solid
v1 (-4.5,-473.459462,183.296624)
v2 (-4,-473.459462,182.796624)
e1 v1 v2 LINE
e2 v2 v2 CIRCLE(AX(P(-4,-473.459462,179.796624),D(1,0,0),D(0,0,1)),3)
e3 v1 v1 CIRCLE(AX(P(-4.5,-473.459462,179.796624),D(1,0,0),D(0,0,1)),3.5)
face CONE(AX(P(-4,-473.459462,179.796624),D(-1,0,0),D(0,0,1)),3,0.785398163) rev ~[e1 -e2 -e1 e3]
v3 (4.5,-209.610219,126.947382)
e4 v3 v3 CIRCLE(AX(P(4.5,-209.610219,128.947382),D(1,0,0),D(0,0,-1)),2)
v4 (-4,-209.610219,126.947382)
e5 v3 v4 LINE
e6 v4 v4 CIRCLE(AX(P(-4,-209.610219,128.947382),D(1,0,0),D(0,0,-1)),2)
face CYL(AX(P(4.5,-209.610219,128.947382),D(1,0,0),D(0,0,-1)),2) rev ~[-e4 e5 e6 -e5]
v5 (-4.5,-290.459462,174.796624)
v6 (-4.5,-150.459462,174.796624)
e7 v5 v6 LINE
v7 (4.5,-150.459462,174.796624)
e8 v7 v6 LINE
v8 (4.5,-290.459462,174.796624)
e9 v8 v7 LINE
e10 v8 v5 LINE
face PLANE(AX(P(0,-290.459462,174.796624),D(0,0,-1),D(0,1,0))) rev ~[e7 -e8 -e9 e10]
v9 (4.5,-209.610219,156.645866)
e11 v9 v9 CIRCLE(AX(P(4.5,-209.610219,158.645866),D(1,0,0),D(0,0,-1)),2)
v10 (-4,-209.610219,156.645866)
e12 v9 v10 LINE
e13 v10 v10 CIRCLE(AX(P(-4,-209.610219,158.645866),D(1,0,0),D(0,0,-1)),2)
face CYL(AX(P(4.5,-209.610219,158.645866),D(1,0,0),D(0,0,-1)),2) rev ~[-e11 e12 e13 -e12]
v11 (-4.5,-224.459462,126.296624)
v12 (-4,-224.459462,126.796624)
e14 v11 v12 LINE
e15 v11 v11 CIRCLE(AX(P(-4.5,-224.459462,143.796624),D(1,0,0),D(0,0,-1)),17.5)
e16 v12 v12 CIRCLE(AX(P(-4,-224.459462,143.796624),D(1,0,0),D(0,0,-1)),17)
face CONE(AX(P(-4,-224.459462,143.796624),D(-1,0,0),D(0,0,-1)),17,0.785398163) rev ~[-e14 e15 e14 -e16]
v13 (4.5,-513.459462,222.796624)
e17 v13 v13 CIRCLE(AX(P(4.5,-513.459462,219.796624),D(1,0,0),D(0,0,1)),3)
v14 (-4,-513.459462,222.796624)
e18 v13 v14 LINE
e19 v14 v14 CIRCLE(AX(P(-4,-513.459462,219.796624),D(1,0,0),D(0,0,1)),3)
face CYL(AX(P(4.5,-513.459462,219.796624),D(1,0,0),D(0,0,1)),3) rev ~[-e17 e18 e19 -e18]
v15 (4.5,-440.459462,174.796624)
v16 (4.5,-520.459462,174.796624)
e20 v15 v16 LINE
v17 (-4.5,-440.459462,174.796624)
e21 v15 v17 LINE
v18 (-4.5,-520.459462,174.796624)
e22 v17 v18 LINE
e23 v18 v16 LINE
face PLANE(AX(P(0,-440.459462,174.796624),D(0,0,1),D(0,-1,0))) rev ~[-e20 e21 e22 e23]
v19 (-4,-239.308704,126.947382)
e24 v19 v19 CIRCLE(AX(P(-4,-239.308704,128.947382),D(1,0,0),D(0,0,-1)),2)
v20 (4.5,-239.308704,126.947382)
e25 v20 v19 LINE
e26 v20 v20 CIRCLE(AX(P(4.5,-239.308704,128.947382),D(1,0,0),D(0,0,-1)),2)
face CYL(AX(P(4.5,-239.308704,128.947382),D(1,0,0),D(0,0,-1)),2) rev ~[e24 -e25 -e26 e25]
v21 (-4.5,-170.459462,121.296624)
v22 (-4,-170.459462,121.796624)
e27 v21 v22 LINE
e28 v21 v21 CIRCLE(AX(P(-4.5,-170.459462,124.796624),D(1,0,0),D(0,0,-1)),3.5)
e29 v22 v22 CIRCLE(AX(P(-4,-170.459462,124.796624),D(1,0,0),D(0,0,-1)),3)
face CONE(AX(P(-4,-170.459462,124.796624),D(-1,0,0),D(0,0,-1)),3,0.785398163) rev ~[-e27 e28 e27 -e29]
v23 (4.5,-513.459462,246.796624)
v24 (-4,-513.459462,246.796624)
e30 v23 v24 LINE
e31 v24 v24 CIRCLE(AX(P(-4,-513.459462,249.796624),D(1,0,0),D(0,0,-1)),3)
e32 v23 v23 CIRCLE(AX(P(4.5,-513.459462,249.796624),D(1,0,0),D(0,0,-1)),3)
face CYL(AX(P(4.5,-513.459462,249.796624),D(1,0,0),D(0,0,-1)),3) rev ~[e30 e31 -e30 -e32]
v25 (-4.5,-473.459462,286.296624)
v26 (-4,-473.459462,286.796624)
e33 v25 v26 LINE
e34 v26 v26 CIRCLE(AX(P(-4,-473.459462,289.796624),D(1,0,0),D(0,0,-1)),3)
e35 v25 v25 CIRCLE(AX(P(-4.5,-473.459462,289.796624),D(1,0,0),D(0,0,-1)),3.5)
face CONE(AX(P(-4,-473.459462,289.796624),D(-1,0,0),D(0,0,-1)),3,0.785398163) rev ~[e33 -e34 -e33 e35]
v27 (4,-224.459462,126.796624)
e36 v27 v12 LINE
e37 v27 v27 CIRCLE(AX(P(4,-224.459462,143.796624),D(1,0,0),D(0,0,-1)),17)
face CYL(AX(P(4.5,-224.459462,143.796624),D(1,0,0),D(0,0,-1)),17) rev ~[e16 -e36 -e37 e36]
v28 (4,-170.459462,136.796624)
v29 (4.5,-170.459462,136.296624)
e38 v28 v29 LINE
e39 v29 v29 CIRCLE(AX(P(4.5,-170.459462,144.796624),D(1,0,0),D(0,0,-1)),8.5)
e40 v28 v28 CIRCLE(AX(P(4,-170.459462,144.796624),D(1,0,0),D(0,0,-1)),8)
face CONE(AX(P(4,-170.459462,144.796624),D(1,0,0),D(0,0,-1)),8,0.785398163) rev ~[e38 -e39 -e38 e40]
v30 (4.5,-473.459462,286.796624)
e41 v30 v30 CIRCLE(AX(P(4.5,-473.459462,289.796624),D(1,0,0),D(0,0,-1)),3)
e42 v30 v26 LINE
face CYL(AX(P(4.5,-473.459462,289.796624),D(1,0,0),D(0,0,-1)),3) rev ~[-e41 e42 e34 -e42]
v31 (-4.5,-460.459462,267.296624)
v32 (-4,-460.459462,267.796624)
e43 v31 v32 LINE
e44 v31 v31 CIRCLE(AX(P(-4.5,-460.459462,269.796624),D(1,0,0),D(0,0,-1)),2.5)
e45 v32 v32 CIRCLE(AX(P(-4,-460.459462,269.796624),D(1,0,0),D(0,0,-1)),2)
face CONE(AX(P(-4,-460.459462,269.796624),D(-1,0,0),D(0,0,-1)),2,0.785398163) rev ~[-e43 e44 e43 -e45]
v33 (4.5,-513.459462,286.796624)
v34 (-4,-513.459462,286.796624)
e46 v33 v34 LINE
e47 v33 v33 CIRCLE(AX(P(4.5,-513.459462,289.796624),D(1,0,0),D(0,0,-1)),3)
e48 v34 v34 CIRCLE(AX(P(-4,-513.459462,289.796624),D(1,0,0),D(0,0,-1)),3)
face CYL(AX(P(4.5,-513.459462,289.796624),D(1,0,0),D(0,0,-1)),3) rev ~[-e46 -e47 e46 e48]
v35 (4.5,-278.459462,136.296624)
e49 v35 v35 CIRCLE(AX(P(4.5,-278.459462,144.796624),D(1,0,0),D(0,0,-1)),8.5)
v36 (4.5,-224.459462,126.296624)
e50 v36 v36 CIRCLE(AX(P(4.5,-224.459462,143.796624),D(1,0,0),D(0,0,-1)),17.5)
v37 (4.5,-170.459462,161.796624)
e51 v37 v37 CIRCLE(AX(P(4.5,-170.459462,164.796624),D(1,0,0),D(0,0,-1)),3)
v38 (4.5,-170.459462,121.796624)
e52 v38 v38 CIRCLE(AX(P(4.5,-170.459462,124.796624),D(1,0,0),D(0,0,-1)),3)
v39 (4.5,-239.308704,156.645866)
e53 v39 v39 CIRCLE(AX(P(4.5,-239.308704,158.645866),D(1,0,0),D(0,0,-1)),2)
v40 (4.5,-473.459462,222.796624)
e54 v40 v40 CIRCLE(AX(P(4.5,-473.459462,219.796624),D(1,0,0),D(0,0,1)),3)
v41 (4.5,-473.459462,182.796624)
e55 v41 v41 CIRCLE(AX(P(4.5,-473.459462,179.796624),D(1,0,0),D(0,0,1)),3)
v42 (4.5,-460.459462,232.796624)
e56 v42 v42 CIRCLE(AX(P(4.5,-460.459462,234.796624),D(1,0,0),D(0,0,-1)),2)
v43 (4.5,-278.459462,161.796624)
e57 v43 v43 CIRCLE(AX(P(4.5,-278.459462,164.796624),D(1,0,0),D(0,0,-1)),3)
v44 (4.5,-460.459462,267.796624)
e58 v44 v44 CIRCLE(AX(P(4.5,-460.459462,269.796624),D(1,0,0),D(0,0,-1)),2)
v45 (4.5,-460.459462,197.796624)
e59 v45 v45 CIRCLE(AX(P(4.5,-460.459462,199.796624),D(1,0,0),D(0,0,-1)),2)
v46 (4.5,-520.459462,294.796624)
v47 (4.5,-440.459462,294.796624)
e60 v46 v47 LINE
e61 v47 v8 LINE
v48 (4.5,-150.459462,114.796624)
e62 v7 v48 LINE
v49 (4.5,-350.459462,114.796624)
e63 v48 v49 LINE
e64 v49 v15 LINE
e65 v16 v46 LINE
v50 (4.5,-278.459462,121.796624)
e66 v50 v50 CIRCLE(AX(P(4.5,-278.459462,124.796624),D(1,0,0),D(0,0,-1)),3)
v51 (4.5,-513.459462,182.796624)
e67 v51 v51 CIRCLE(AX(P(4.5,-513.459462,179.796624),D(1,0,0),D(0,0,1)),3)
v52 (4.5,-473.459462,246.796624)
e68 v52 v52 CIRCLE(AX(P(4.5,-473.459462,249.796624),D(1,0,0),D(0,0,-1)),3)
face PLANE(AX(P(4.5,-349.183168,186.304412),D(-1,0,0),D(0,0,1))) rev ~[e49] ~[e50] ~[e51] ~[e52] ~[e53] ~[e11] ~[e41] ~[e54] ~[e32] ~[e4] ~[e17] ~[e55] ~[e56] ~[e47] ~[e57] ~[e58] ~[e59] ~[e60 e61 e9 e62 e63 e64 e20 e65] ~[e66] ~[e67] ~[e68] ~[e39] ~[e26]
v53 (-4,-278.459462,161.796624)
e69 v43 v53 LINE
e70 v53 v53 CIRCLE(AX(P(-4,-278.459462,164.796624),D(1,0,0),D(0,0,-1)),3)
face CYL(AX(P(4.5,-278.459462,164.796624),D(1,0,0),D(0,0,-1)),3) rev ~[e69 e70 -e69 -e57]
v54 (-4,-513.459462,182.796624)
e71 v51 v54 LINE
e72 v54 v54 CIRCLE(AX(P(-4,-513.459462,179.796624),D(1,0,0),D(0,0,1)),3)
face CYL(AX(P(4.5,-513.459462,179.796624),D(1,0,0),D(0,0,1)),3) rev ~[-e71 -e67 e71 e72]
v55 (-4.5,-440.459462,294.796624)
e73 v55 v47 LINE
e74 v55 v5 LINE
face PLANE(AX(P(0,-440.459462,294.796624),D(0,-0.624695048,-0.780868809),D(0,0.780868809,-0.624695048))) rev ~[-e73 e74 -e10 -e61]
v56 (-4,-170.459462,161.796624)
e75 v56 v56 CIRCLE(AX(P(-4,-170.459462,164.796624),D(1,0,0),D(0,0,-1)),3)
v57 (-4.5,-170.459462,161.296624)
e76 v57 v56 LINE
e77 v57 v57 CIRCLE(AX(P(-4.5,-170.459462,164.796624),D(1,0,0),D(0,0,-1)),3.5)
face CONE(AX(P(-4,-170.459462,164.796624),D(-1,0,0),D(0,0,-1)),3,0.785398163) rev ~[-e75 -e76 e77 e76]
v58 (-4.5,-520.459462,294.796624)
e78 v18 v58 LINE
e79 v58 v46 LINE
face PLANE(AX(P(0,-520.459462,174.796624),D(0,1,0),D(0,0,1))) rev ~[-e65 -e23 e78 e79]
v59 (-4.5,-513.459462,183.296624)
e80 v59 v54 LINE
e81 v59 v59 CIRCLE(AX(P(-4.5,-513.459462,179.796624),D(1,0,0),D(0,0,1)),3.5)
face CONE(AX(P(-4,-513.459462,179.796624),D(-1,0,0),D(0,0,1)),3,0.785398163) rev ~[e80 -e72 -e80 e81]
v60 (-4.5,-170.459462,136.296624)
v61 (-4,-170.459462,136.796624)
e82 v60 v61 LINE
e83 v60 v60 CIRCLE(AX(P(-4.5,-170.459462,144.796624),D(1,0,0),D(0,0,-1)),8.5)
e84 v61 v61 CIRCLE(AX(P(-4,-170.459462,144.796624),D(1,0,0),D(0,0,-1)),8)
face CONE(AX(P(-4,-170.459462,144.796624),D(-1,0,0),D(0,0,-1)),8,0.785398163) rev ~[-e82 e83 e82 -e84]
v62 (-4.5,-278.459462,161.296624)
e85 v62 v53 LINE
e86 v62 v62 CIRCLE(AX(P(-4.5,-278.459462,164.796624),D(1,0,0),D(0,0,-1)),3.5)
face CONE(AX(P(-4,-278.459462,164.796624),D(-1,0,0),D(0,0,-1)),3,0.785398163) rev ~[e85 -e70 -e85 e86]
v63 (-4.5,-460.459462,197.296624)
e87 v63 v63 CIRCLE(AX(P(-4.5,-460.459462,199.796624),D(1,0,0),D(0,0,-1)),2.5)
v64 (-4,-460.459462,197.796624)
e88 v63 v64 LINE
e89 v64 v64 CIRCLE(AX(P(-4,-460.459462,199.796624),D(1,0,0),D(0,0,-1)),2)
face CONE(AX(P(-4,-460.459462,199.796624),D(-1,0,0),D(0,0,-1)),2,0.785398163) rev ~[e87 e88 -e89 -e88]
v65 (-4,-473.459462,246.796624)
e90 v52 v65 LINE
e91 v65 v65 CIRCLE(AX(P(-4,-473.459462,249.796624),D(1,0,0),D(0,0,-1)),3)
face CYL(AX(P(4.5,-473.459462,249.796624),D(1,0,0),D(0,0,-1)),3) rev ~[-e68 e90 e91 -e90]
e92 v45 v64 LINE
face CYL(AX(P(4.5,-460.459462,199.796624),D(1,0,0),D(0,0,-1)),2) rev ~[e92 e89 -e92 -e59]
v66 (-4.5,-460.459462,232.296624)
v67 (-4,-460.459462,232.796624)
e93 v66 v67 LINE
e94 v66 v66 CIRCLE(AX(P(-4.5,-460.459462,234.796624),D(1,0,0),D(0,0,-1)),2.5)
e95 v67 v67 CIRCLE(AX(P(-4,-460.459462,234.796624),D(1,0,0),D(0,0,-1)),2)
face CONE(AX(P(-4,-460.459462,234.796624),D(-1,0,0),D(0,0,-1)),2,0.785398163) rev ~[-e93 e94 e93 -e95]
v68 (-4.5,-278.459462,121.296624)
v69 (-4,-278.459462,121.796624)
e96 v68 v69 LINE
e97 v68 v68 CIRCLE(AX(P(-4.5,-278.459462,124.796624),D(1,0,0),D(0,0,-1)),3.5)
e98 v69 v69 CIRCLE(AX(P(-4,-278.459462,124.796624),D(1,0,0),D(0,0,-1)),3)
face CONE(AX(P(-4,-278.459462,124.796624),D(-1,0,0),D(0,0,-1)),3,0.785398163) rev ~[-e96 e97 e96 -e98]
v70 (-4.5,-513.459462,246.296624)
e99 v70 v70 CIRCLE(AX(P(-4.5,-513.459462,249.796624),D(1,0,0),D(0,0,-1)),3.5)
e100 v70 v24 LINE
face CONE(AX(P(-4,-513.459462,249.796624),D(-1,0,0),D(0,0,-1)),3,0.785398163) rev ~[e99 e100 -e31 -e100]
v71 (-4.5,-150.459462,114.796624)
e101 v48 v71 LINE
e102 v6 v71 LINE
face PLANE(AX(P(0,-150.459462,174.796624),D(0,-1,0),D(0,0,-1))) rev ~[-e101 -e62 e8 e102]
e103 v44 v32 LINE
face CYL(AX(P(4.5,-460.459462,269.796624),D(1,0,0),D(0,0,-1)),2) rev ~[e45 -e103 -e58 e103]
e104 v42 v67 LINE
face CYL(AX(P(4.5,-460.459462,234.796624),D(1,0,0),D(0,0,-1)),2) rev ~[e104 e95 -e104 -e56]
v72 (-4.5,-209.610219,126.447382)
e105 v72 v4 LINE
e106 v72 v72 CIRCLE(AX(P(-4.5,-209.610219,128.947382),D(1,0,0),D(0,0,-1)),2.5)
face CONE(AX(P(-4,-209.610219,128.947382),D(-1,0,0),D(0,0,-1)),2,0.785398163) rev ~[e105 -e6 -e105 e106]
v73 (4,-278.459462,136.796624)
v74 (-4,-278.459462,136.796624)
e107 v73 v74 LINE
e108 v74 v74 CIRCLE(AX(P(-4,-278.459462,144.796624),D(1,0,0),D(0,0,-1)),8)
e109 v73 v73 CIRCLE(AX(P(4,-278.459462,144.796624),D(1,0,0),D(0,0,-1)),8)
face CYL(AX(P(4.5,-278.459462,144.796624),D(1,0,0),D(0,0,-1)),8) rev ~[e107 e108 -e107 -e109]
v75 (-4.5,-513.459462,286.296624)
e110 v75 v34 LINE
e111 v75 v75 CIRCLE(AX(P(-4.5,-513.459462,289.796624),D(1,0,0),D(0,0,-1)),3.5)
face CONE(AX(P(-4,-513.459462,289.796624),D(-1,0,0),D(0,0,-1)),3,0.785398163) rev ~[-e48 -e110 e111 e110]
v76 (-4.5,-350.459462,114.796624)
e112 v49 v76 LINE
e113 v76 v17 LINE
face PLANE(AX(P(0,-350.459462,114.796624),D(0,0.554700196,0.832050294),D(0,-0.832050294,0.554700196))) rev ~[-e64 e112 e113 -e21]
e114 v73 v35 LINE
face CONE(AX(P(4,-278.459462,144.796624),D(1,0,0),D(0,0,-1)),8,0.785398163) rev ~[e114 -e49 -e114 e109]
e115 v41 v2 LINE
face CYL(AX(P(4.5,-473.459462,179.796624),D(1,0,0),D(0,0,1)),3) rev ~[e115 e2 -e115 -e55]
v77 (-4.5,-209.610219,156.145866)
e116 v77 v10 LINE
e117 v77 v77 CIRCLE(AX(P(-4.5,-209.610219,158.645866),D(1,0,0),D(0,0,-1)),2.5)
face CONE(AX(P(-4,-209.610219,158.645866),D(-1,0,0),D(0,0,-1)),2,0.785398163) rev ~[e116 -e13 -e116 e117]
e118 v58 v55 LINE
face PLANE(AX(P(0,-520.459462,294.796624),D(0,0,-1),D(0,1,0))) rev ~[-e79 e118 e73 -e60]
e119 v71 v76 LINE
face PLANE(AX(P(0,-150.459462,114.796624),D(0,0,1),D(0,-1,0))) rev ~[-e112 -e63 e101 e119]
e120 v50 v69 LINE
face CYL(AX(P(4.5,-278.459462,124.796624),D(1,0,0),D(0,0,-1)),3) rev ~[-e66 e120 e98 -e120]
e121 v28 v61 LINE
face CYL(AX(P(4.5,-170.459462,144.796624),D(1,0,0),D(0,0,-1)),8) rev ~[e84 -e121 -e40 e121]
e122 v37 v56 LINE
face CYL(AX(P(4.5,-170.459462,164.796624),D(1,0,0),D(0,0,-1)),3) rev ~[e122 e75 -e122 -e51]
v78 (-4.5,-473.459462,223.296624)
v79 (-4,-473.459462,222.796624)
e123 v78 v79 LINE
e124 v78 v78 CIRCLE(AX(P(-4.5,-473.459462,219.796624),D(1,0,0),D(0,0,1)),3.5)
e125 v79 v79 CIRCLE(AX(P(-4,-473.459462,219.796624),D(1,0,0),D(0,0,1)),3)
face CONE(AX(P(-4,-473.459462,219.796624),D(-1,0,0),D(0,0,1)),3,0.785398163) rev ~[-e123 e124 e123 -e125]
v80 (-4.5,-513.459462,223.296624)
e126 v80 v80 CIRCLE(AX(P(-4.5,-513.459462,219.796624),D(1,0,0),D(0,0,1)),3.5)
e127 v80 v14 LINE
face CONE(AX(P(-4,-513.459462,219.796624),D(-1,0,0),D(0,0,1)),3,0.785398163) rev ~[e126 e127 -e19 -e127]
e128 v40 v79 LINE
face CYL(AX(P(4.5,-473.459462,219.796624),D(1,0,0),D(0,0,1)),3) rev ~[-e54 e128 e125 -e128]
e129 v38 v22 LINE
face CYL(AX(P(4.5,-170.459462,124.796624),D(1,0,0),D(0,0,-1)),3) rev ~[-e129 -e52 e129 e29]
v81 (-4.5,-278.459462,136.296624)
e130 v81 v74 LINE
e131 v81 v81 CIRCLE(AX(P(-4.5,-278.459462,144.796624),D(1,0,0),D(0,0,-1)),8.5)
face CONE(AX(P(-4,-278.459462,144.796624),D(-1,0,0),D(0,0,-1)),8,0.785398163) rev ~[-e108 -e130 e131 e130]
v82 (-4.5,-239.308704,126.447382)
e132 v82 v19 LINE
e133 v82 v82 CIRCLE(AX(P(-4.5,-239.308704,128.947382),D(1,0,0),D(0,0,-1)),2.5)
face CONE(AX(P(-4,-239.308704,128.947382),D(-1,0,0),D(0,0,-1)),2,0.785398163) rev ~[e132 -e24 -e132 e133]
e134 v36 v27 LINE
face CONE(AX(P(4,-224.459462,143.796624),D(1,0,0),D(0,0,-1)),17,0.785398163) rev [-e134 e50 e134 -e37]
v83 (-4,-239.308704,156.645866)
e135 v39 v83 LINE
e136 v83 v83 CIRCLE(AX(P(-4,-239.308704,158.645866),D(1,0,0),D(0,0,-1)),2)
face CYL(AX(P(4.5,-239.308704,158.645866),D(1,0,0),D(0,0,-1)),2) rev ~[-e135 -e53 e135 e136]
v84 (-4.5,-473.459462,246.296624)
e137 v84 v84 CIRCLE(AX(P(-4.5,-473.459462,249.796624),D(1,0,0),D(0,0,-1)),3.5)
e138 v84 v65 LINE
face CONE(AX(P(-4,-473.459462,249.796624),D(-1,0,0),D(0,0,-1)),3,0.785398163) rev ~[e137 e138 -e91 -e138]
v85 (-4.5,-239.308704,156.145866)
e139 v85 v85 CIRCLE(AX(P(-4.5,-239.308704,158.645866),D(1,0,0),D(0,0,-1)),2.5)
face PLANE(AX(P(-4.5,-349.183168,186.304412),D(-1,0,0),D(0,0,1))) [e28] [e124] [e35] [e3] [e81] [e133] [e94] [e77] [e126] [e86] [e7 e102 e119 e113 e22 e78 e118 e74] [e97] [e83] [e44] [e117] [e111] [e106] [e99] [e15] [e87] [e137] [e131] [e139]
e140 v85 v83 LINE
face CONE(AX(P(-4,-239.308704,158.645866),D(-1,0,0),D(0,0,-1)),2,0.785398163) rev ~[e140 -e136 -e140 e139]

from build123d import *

# Parameters (mm, degrees)
SALIENTE_EXTRUIR1_DEPTH = 4.5
CROQUIS4_R              = 17
CROQUIS4_R_2            = 2
CORTAR_EXTRUIR3_DEPTH   = 599.217436148
CHAFL_N1_SIZE           = 0.5
CROQUIS5_R              = 8
CROQUIS5_R_2            = 3
CORTAR_EXTRUIR4_DEPTH   = 599.217436148
CHAFL_N2_SIZE           = 0.5
CROQUIS3_R              = 3
CORTAR_EXTRUIR2_DEPTH   = 599.217436148
CHAFL_N3_SIZE           = 0.5
CROQUIS2_R              = 2
CORTAR_EXTRUIR1_DEPTH   = 599.217436148
CHAFL_N4_SIZE           = 0.5


with BuildPart() as part:
    # Croquis1 → Saliente-Extruir1 (new, symmetric)
    with BuildSketch(Plane(origin=(0, 0, 0), x_dir=(0, 0, -1), z_dir=(1, 0, 0))):
        Polygon((-294.796624044, -440.459461787), (-174.796624044, -290.459461787), (-174.796624044, -150.459461787), (-114.796624044, -150.459461787), (-114.796624044, -350.459461787), (-174.796624044, -440.459461787), (-174.796624044, -520.459461787), (-294.796624044, -520.459461787), align=None)
    extrude(amount=SALIENTE_EXTRUIR1_DEPTH, both=True)

    # Croquis4 → Cortar-Extruir3 (cut, through all)
    with BuildSketch(Plane(origin=(4.5, 0, 0), x_dir=(0, 0, -1), z_dir=(1, 0, 0))):
        with Locations((-143.796624044, -224.459461787)):
            Circle(CROQUIS4_R)
        with Locations((-158.645866449, -209.610219382)):
            Circle(CROQUIS4_R_2)
        with Locations((-128.947381639, -209.610219382)):
            Circle(CROQUIS4_R_2)
        with Locations((-128.947381639, -239.308704192)):
            Circle(CROQUIS4_R_2)
        with Locations((-158.645866449, -239.308704192)):
            Circle(CROQUIS4_R_2)
    extrude(amount=-CORTAR_EXTRUIR3_DEPTH, mode=Mode.SUBTRACT)

    # Chaflán1
    chafl_n1_edges = [part.edges().sort_by_distance(p)[0] for p in [
        (-4.5, -209.610219382, 160.645866449),
        (-4.5, -224.459461787, 160.796624044),
        (4.5, -224.459461787, 160.796624044),
        (-4.5, -209.610219382, 130.947381639),
        (-4.5, -239.308704192, 130.947381639),
        (-4.5, -239.308704192, 160.645866449),
    ]]
    chamfer(chafl_n1_edges, length=CHAFL_N1_SIZE)

    # Croquis5 → Cortar-Extruir4 (cut, through all)
    with BuildSketch(Plane(origin=(4.5, 0, 0), x_dir=(0, 0, -1), z_dir=(1, 0, 0))):
        with Locations((-144.796624044, -170.459461787)):
            Circle(CROQUIS5_R)
        with Locations((-144.796624044, -278.459461787)):
            Circle(CROQUIS5_R)
        with Locations((-124.796624044, -170.459461787)):
            Circle(CROQUIS5_R_2)
        with Locations((-164.796624044, -170.459461787)):
            Circle(CROQUIS5_R_2)
        with Locations((-164.796624044, -278.459461787)):
            Circle(CROQUIS5_R_2)
        with Locations((-124.796624044, -278.459461787)):
            Circle(CROQUIS5_R_2)
    extrude(amount=-CORTAR_EXTRUIR4_DEPTH, mode=Mode.SUBTRACT)

    # Chaflán2
    chafl_n2_edges = [part.edges().sort_by_distance(p)[0] for p in [
        (-4.5, -170.459461787, 152.796624044),
        (4.5, -170.459461787, 152.796624044),
        (-4.5, -278.459461787, 152.796624044),
        (4.5, -278.459461787, 152.796624044),
        (-4.5, -170.459461787, 127.796624044),
        (-4.5, -170.459461787, 167.796624044),
        (-4.5, -278.459461787, 167.796624044),
        (-4.5, -278.459461787, 127.796624044),
    ]]
    chamfer(chafl_n2_edges, length=CHAFL_N2_SIZE)

    # Croquis3 → Cortar-Extruir2 (cut, through all)
    with BuildSketch(Plane(origin=(4.5, 0, 0), x_dir=(0, 0, -1), z_dir=(1, 0, 0))):
        with Locations((-289.796624044, -473.459461787)):
            Circle(CROQUIS3_R)
        with Locations((-289.796624044, -513.459461787)):
            Circle(CROQUIS3_R)
        with Locations((-249.796624044, -473.459461787)):
            Circle(CROQUIS3_R)
        with Locations((-249.796624044, -513.459461787)):
            Circle(CROQUIS3_R)
        with Locations(Location((-219.796624044, -513.459461787, 0), (0, 0, 180))):
            Circle(CROQUIS3_R)
        with Locations(Location((-219.796624044, -473.459461787, 0), (0, 0, 180))):
            Circle(CROQUIS3_R)
        with Locations(Location((-179.796624044, -513.459461787, 0), (0, 0, 180))):
            Circle(CROQUIS3_R)
        with Locations(Location((-179.796624044, -473.459461787, 0), (0, 0, 180))):
            Circle(CROQUIS3_R)
    extrude(amount=-CORTAR_EXTRUIR2_DEPTH, mode=Mode.SUBTRACT)

    # Chaflán3
    chafl_n3_edges = [part.edges().sort_by_distance(p)[0] for p in [
        (-4.5, -473.459461787, 292.796624044),
        (-4.5, -513.459461787, 292.796624044),
        (-4.5, -473.459461787, 252.796624044),
        (-4.5, -513.459461787, 252.796624044),
        (-4.5, -513.459461787, 216.796624044),
        (-4.5, -473.459461787, 216.796624044),
        (-4.5, -513.459461787, 176.796624044),
        (-4.5, -473.459461787, 176.796624044),
    ]]
    chamfer(chafl_n3_edges, length=CHAFL_N3_SIZE)

    # Croquis2 → Cortar-Extruir1 (cut, through all)
    with BuildSketch(Plane(origin=(4.5, 0, 0), x_dir=(0, 0, -1), z_dir=(1, 0, 0))):
        with Locations((-234.796624044, -460.459461787)):
            Circle(CROQUIS2_R)
        with Locations((-269.796624044, -460.459461787)):
            Circle(CROQUIS2_R)
        with Locations((-199.796624044, -460.459461787)):
            Circle(CROQUIS2_R)
    extrude(amount=-CORTAR_EXTRUIR1_DEPTH, mode=Mode.SUBTRACT)

    # Chaflán4
    chafl_n4_edges = [part.edges().sort_by_distance(p)[0] for p in [
        (-4.5, -460.459461787, 236.796624044),
        (-4.5, -460.459461787, 271.796624044),
        (-4.5, -460.459461787, 201.796624044),
    ]]
    chamfer(chafl_n4_edges, length=CHAFL_N4_SIZE)


solid = part.part
